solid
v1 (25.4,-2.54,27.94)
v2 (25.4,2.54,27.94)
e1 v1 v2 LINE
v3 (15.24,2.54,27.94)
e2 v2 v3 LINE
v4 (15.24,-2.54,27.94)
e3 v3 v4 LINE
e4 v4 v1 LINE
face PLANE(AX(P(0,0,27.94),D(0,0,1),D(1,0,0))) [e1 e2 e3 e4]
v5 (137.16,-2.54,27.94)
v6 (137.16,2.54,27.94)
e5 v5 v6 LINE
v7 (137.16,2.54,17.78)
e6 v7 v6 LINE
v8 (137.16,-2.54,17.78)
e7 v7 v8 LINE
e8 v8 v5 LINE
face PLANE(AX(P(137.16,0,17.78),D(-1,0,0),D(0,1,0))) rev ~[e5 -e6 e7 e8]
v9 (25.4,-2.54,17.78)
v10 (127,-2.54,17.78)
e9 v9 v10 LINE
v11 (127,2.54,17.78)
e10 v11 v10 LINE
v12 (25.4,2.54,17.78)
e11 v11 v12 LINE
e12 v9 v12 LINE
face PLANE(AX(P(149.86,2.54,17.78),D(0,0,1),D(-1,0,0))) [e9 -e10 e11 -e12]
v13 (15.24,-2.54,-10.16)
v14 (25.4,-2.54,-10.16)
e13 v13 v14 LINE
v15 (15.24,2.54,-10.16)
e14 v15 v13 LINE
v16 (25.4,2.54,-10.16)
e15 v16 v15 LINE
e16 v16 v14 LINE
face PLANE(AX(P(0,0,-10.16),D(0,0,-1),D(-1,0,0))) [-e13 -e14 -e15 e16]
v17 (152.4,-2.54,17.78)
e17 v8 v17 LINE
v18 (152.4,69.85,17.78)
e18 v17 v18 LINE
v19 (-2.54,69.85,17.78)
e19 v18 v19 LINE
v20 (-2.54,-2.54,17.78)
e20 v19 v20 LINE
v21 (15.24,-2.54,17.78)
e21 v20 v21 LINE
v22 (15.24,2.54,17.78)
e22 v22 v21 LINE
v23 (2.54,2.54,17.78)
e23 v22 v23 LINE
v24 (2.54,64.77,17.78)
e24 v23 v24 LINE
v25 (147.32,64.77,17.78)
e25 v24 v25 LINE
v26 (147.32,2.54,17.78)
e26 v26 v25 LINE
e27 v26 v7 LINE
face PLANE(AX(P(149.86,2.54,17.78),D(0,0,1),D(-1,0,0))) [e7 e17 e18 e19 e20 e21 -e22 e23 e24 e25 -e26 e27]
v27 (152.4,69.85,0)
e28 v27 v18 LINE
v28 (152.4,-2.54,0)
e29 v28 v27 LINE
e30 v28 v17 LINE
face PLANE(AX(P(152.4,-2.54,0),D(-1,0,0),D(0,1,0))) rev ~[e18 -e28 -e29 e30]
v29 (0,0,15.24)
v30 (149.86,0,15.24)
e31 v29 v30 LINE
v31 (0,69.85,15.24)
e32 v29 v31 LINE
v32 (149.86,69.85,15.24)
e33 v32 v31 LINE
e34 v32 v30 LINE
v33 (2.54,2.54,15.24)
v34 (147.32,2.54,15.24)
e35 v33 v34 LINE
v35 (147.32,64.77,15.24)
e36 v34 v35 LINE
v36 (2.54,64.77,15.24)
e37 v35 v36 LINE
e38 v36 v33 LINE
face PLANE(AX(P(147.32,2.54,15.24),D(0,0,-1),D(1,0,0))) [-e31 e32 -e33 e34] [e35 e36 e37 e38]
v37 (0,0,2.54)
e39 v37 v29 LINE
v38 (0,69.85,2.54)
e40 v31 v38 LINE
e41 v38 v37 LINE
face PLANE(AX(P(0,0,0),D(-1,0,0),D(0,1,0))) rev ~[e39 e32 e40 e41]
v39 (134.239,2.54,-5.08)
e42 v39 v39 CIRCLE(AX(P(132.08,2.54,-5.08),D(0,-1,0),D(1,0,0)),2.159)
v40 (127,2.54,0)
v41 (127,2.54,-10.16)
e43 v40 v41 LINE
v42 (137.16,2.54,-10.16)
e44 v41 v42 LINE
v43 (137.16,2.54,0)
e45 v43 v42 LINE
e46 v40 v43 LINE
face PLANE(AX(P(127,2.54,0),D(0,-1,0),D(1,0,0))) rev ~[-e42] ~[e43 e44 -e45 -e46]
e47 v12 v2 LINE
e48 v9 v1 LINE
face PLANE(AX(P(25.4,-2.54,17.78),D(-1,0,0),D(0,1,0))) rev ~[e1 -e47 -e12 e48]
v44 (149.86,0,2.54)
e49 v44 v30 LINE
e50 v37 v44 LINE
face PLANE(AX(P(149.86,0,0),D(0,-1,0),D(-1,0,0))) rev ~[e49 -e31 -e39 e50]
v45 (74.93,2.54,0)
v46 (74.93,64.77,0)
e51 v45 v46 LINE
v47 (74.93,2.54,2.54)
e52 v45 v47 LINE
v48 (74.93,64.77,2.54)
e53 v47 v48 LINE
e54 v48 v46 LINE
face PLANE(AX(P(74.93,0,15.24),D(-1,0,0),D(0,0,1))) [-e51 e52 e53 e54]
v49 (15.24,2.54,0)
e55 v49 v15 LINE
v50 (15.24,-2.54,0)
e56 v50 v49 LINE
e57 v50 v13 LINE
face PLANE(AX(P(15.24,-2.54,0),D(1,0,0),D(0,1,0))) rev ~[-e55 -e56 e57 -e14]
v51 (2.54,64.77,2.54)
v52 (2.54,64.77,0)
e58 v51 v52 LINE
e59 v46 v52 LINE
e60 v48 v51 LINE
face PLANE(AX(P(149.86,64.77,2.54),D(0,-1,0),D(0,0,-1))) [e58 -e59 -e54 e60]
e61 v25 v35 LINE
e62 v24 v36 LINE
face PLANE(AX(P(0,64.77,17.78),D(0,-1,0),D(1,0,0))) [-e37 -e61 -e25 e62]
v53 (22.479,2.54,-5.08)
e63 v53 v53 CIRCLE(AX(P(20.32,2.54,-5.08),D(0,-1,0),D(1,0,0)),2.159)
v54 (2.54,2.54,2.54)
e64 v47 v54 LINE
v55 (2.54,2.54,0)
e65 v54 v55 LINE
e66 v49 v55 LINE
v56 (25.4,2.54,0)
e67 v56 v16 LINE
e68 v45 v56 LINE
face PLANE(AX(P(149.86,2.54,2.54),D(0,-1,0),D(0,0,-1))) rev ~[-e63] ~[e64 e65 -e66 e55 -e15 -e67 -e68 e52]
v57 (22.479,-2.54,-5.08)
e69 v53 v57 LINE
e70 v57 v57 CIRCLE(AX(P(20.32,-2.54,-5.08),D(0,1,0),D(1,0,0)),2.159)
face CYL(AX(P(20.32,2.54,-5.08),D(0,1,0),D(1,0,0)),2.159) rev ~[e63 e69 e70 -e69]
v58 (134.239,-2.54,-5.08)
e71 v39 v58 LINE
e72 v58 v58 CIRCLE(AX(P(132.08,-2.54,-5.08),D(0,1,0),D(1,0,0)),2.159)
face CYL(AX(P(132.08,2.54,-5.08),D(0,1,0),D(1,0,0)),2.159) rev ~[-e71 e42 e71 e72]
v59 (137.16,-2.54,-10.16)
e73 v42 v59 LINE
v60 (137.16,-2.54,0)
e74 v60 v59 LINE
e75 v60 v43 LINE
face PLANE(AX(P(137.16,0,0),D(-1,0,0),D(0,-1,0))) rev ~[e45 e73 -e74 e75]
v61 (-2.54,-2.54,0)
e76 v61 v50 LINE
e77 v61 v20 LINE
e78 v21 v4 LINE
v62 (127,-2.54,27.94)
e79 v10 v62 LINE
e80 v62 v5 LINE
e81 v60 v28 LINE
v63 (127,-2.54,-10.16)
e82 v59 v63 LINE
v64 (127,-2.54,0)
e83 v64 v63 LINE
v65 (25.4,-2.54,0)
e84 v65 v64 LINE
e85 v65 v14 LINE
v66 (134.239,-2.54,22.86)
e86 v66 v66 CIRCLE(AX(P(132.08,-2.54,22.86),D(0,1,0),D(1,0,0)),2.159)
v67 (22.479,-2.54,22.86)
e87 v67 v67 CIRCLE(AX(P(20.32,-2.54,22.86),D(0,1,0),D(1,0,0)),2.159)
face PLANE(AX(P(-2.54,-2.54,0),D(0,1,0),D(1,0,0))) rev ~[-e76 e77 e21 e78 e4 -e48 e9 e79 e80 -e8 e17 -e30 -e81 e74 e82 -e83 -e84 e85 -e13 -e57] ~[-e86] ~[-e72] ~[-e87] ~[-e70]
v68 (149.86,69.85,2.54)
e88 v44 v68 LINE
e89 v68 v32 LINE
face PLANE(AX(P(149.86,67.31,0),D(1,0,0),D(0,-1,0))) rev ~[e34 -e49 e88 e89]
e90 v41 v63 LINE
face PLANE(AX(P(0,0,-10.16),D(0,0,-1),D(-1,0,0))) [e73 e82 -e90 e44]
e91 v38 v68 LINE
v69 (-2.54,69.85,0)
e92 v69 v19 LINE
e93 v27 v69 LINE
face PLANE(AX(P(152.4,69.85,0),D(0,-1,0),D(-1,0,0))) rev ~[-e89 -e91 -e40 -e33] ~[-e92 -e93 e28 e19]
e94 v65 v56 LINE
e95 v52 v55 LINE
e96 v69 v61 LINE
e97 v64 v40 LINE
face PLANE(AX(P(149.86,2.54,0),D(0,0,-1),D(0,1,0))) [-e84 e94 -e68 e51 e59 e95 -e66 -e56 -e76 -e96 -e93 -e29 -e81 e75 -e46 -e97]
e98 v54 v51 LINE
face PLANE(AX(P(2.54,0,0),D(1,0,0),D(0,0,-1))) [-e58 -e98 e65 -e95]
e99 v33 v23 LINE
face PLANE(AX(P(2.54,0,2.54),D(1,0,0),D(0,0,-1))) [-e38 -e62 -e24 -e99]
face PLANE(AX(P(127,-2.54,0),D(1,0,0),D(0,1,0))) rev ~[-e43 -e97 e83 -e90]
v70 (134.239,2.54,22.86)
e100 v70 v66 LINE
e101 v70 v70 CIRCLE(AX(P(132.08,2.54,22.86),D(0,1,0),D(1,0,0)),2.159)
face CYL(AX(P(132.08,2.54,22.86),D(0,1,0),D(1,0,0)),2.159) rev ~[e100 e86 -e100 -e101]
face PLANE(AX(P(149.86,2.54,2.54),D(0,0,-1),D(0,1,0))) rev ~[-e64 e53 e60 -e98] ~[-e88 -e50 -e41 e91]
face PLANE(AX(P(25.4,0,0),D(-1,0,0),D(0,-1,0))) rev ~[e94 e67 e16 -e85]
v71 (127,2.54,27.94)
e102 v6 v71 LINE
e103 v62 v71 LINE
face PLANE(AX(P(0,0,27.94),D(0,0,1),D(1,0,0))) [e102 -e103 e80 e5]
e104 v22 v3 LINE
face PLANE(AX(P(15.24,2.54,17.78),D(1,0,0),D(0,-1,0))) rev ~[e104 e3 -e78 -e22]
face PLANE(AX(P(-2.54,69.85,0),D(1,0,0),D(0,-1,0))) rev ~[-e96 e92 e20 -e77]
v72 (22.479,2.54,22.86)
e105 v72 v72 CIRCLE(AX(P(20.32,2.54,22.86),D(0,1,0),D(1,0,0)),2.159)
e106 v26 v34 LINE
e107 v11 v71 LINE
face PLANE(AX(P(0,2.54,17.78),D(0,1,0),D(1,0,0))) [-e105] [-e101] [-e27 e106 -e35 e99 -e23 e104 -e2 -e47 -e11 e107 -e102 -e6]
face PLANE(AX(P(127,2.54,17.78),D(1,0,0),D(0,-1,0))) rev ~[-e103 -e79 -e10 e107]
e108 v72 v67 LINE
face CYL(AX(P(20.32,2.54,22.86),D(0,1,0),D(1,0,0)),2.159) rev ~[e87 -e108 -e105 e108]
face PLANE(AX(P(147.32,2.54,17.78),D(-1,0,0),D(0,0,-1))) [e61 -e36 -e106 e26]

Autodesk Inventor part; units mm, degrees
ref_plane "YZ Plane" through (0, 0, 0) normal (1, 0, 0) x (0, 1, 0)
ref_plane "XZ Plane" through (0, 0, 0) normal (0, 1, 0) x (-1, 0, 0)
ref_plane "XY Plane" through (0, 0, 0) normal (0, 0, 1) x (1, 0, 0)
sketch "Sketch1" plane through (0, 0, 0) normal (0, 0, 1) x (1, 0, 0)
  line L0 (0, 0) -> (0, 67.31)
  line L1 (0, 67.31) -> (149.86, 67.31)
  line L2 (149.86, 67.31) -> (149.86, 0)
  line L3 (149.86, 0) -> (0, 0)
  line L4 (-2.54, 69.85) -> (-2.54, -2.54)
  line L5 (-2.54, -2.54) -> (152.4, -2.54)
  line L6 (152.4, -2.54) -> (152.4, 69.85)
  line L7 (152.4, 69.85) -> (-2.54, 69.85)
  dimension "d0" = 67.31
  dimension "d1" = 149.86
  dimension "d5" = 72.39
  dimension "d6" = 154.94
  dimension "d7" = 72.39
extrude "Extrusion1" add sketch "Sketch1" along normal blind 17.78
sketch "Sketch2" plane through (0, 0, 0) normal (1, 0, 0) x (0, 0, -1)
  line L0 (0, 0) -> (-2.54, 0)
  line L1 (0, 0) -> (-17.78, 0) projected
  line L2 (-2.54, 0) -> (-2.54, 67.31)
  line L3 (0, 67.31) -> (-17.78, 67.31) projected
  line L4 (-2.54, 67.31) -> (0, 67.31)
  line L5 (0, 67.31) -> (0, 0)
  line L6 (0, 67.31) -> (0, 0) projected
  dimension "d10" = 2.54
extrude "Extrusion2" add sketch "Sketch2" along normal blind 2.54
sketch "Sketch3" plane through (0, 0, 17.78) normal (0, 1, 0) x (1, 0, 0)
  line L0 (0, 15.24) -> (0, 0) projected
  line L1 (0, 2.54) -> (149.86, 2.54)
  line L2 (149.86, 2.54) -> (149.86, 0)
  line L3 (149.86, 0) -> (0, 0)
  line L4 (0, 0) -> (149.86, 0) projected
  point P0 (0, 17.78)
extrude "Extrusion3" add sketch "Sketch3" along normal blind 2.54
sketch "Sketch4" plane through (-2.54, 69.85, 0) normal (0, 1, 0) x (1, 0, 0)
  line L0 (2.54, -15.24) -> (2.54, -2.54)
  line L1 (2.54, -2.54) -> (2.54, -15.24) projected
  line L2 (2.54, -2.54) -> (152.4, -2.54)
  line L3 (152.4, 0) -> (152.4, -15.24) projected
  line L4 (152.4, -15.24) -> (2.54, -15.24)
  point P0 (2.54, 0)
extrude "Extrusion4" cut sketch "Sketch4" against normal blind 2.54
sketch "Sketch5" plane through (0, 67.31, 17.78) normal (0, -1, 0) x (1, 0, 0)
  line L0 (149.86, 0) -> (149.86, -2.54)
  line L1 (149.86, -2.54) -> (0, -2.54)
  line L2 (0, -2.54) -> (0, 0)
  line L3 (0, 0) -> (149.86, 0)
  point P0 (0, -17.78)
extrude "Extrusion5" add sketch "Sketch5" along normal blind 2.54
sketch "Sketch6" plane through (0, 0, 2.54) normal (1, 0, 0) x (0, 0, -1)
  line L0 (-12.7, 2.54) -> (-15.24, 2.54)
  line L1 (-15.24, 2.54) -> (-15.24, 64.77)
  line L2 (-15.24, -2.54) -> (-15.24, 69.85) projected
  line L3 (-15.24, 64.77) -> (-12.7, 64.77)
  line L4 (-12.7, 64.77) -> (-12.7, 2.54)
  point P0 (2.54, 0)
  dimension "d19" = 62.23
extrude "Extrusion6" add sketch "Sketch6" along normal blind 2.54
sketch "Sketch7" plane through (0, 2.54, 17.78) normal (0, 1, 0) x (1, 0, 0)
  line L0 (149.86, 2.54) -> (149.86, 0)
  line L1 (149.86, 0) -> (147.32, 0)
  line L2 (149.86, 0) -> (2.54, 0) projected
  line L3 (147.32, 0) -> (147.32, 2.54)
  line L4 (147.32, 2.54) -> (149.86, 2.54)
  point P0 (0, 17.78)
  dimension "d22" = 2.54
extrude "Extrusion7" add sketch "Sketch7" along normal blind 62.23
sketch "Sketch8" plane through (149.86, 0, 0) normal (-1, 0, 0) x (0, 0, 1)
  line L0 (0, 0) -> (2.54, 0)
  line L1 (2.54, 0) -> (2.54, 2.54)
  line L2 (2.54, 69.85) -> (2.54, 0) projected
  line L3 (2.54, 2.54) -> (0, 2.54)
  line L4 (0, 0) -> (0, 67.31) projected
  dimension "d25" = 2.54
extrude "Extrusion8" add sketch "Sketch8" along normal blind 149.86
sketch "Sketch9" plane through (149.86, 67.31, 2.54) normal (-1, 0, 0) x (0, 0, 1)
  line L0 (-2.54, 0) -> (0, 0)
  line L1 (0, 0) -> (0, -2.54)
  line L2 (0, 0) -> (0, -64.77) projected
  line L3 (0, -2.54) -> (-2.54, -2.54)
  line L4 (-2.54, -64.77) -> (-2.54, 0) projected
  point P0 (-2.54, -67.31)
  point P1 (0, -67.31)
  dimension "d28" = 2.54
  dimension "d29" = 2.54
extrude "Extrusion9" add sketch "Sketch9" along normal blind 149.86
sketch "Sketch10" plane through (149.86, 0, 15.24) normal (-1, 0, 0) x (0, 0, 1)
  line L0 (-15.24, 2.54) -> (-12.7, 2.54)
  line L1 (-12.7, 2.54) -> (-12.7, 64.77)
  line L2 (-12.7, 64.77) -> (-15.24, 64.77)
  line L3 (-15.24, -2.54) -> (-15.24, 69.85) projected
  point P0 (-15.24, 0)
extrude "Extrusion10" add sketch "Sketch10" along normal blind 74.93
sketch "Sketch11" plane through (0, 0, 17.78) normal (0, 0, 1) x (1, 0, 0)
  line L0 (147.32, 2.54) -> (2.54, 2.54) projected
  line L1 (15.24, 2.54) -> (15.24, -2.54)
  line L2 (-2.54, -2.54) -> (152.4, -2.54) projected
  line L3 (15.24, -2.54) -> (25.4, -2.54)
  line L4 (25.4, -2.54) -> (25.4, 2.54)
  point P0 (0, 0)
  dimension "d34" = 10.16
extrude "Extrusion11" add sketch "Sketch11" along normal blind 10.16
sketch "Sketch12" plane through (0, 2.54, 17.78) normal (0, 1, 0) x (1, 0, 0)
  line L0 (15.24, 0) -> (15.24, -5.08)
  line L1 (15.24, 0) -> (15.24, -10.16) projected
  line L2 (15.24, -5.08) -> (20.32, -5.08)
  circle A0 centre (20.32, -5.08) radius 2.159
  point P0 (0, 17.78)
  dimension "d37" = 5.08
  dimension "d38" = 5.08
  dimension "d39" = 4.318
extrude "Extrusion12" cut sketch "Sketch12" against normal blind 10.16
sketch "Sketch13" plane through (0, 0, 17.78) normal (0, 0, 1) x (1, 0, 0)
  line L0 (149.86, 0) -> (137.16, 0)
  line L1 (0, 0) -> (149.86, 0) projected
  line L2 (137.16, 0) -> (137.16, 2.54)
  line L3 (147.32, 2.54) -> (2.54, 2.54) projected
  line L4 (137.16, 2.54) -> (127, 2.54)
  line L5 (127, 2.54) -> (127, -2.54)
  line L6 (25.4, -2.54) -> (152.4, -2.54) projected
  line L7 (137.16, -2.54) -> (137.16, 0)
  dimension "d42" = 12.7
  dimension "d43" = 10.16
extrude "Extrusion13" add sketch "Sketch13" along normal blind 10.16
sketch "Sketch14" plane through (0, 2.54, 17.78) normal (0, 1, 0) x (1, 0, 0)
  line L0 (127, 0) -> (127, -5.08)
  line L1 (127, 0) -> (127, -10.16) projected
  line L2 (127, -5.08) -> (132.08, -5.08)
  circle A0 centre (132.08, -5.08) radius 2.159
  point P0 (0, 17.78)
  dimension "d46" = 5.08
  dimension "d47" = 5.08
  dimension "d48" = 4.318
extrude "Extrusion14" cut sketch "Sketch14" against normal blind 10.16
sketch "Sketch15" plane through (0, 0, 0) normal (0, 0, -1) x (-1, 0, 0)
  line L0 (0, 0) -> (-149.86, 0) projected
  line L1 (-15.24, 0) -> (-15.24, 2.54)
  line L2 (-74.93, 2.54) -> (-2.54, 2.54) projected
  line L3 (-15.24, 2.54) -> (-25.4, 2.54)
  line L4 (-25.4, 2.54) -> (-25.4, -2.54)
  line L5 (-15.24, -2.54) -> (-25.4, -2.54) projected
  line L6 (-25.4, -2.54) -> (-15.24, -2.54)
  line L7 (-15.24, -2.54) -> (-15.24, 2.54)
  dimension "d51" = 10.16
extrude "Extrusion15" add sketch "Sketch15" along normal blind 10.16
sketch "Sketch16" plane through (2.54, 2.54, 2.54) normal (0, 1, 0) x (1, 0, 0)
  line L0 (12.7, 2.54) -> (12.7, 7.62)
  line L1 (12.7, 2.54) -> (12.7, 12.7) projected
  line L2 (12.7, 7.62) -> (17.78, 7.62)
  circle A0 centre (17.78, 7.62) radius 2.159
  point P0 (-2.54, 2.54)
  dimension "d54" = 5.08
  dimension "d55" = 5.08
  dimension "d56" = 4.318
extrude "Extrusion16" cut sketch "Sketch16" against normal blind 10.16
sketch "Sketch17" plane through (0, 0, 0) normal (0, 0, -1) x (-1, 0, 0)
  line L0 (-149.86, 69.85) -> (-149.86, 0) projected
  line L1 (-149.86, 2.54) -> (-137.16, 2.54)
  line L2 (-137.16, 2.54) -> (-147.32, 2.54) projected
  line L3 (-137.16, 2.54) -> (-137.16, -2.54)
  line L4 (0, 0) -> (-149.86, 0) projected
  line L5 (-137.16, -2.54) -> (-127, -2.54)
  line L6 (-127, -2.54) -> (-137.16, -2.54) projected
  line L7 (-127, -2.54) -> (-127, 2.54)
  line L8 (-127, 2.54) -> (-137.16, 2.54)
  line L9 (-137.16, 2.54) -> (-127, 2.54) projected
  dimension "d59" = 12.7
  dimension "d60" = 10.16
extrude "Extrusion17" add sketch "Sketch17" along normal blind 10.16 contours L4 L7 L5 L3 | L3 L8 L7 L4
sketch "Sketch18" plane through (127, 2.54, 0) normal (0, 1, 0) x (1, 0, 0)
  line L0 (0, 0) -> (0, 5.08)
  line L1 (0, 0) -> (0, 10.16) projected
  line L2 (0, 5.08) -> (5.08, 5.08)
  circle A0 centre (5.08, 5.08) radius 2.159
  point P0 (-127, 0)
  dimension "d63" = 5.08
  dimension "d64" = 5.08
  dimension "d65" = 4.318
extrude "Extrusion18" cut sketch "Sketch18" against normal blind 10.16
properties part number "PhoneCase"
